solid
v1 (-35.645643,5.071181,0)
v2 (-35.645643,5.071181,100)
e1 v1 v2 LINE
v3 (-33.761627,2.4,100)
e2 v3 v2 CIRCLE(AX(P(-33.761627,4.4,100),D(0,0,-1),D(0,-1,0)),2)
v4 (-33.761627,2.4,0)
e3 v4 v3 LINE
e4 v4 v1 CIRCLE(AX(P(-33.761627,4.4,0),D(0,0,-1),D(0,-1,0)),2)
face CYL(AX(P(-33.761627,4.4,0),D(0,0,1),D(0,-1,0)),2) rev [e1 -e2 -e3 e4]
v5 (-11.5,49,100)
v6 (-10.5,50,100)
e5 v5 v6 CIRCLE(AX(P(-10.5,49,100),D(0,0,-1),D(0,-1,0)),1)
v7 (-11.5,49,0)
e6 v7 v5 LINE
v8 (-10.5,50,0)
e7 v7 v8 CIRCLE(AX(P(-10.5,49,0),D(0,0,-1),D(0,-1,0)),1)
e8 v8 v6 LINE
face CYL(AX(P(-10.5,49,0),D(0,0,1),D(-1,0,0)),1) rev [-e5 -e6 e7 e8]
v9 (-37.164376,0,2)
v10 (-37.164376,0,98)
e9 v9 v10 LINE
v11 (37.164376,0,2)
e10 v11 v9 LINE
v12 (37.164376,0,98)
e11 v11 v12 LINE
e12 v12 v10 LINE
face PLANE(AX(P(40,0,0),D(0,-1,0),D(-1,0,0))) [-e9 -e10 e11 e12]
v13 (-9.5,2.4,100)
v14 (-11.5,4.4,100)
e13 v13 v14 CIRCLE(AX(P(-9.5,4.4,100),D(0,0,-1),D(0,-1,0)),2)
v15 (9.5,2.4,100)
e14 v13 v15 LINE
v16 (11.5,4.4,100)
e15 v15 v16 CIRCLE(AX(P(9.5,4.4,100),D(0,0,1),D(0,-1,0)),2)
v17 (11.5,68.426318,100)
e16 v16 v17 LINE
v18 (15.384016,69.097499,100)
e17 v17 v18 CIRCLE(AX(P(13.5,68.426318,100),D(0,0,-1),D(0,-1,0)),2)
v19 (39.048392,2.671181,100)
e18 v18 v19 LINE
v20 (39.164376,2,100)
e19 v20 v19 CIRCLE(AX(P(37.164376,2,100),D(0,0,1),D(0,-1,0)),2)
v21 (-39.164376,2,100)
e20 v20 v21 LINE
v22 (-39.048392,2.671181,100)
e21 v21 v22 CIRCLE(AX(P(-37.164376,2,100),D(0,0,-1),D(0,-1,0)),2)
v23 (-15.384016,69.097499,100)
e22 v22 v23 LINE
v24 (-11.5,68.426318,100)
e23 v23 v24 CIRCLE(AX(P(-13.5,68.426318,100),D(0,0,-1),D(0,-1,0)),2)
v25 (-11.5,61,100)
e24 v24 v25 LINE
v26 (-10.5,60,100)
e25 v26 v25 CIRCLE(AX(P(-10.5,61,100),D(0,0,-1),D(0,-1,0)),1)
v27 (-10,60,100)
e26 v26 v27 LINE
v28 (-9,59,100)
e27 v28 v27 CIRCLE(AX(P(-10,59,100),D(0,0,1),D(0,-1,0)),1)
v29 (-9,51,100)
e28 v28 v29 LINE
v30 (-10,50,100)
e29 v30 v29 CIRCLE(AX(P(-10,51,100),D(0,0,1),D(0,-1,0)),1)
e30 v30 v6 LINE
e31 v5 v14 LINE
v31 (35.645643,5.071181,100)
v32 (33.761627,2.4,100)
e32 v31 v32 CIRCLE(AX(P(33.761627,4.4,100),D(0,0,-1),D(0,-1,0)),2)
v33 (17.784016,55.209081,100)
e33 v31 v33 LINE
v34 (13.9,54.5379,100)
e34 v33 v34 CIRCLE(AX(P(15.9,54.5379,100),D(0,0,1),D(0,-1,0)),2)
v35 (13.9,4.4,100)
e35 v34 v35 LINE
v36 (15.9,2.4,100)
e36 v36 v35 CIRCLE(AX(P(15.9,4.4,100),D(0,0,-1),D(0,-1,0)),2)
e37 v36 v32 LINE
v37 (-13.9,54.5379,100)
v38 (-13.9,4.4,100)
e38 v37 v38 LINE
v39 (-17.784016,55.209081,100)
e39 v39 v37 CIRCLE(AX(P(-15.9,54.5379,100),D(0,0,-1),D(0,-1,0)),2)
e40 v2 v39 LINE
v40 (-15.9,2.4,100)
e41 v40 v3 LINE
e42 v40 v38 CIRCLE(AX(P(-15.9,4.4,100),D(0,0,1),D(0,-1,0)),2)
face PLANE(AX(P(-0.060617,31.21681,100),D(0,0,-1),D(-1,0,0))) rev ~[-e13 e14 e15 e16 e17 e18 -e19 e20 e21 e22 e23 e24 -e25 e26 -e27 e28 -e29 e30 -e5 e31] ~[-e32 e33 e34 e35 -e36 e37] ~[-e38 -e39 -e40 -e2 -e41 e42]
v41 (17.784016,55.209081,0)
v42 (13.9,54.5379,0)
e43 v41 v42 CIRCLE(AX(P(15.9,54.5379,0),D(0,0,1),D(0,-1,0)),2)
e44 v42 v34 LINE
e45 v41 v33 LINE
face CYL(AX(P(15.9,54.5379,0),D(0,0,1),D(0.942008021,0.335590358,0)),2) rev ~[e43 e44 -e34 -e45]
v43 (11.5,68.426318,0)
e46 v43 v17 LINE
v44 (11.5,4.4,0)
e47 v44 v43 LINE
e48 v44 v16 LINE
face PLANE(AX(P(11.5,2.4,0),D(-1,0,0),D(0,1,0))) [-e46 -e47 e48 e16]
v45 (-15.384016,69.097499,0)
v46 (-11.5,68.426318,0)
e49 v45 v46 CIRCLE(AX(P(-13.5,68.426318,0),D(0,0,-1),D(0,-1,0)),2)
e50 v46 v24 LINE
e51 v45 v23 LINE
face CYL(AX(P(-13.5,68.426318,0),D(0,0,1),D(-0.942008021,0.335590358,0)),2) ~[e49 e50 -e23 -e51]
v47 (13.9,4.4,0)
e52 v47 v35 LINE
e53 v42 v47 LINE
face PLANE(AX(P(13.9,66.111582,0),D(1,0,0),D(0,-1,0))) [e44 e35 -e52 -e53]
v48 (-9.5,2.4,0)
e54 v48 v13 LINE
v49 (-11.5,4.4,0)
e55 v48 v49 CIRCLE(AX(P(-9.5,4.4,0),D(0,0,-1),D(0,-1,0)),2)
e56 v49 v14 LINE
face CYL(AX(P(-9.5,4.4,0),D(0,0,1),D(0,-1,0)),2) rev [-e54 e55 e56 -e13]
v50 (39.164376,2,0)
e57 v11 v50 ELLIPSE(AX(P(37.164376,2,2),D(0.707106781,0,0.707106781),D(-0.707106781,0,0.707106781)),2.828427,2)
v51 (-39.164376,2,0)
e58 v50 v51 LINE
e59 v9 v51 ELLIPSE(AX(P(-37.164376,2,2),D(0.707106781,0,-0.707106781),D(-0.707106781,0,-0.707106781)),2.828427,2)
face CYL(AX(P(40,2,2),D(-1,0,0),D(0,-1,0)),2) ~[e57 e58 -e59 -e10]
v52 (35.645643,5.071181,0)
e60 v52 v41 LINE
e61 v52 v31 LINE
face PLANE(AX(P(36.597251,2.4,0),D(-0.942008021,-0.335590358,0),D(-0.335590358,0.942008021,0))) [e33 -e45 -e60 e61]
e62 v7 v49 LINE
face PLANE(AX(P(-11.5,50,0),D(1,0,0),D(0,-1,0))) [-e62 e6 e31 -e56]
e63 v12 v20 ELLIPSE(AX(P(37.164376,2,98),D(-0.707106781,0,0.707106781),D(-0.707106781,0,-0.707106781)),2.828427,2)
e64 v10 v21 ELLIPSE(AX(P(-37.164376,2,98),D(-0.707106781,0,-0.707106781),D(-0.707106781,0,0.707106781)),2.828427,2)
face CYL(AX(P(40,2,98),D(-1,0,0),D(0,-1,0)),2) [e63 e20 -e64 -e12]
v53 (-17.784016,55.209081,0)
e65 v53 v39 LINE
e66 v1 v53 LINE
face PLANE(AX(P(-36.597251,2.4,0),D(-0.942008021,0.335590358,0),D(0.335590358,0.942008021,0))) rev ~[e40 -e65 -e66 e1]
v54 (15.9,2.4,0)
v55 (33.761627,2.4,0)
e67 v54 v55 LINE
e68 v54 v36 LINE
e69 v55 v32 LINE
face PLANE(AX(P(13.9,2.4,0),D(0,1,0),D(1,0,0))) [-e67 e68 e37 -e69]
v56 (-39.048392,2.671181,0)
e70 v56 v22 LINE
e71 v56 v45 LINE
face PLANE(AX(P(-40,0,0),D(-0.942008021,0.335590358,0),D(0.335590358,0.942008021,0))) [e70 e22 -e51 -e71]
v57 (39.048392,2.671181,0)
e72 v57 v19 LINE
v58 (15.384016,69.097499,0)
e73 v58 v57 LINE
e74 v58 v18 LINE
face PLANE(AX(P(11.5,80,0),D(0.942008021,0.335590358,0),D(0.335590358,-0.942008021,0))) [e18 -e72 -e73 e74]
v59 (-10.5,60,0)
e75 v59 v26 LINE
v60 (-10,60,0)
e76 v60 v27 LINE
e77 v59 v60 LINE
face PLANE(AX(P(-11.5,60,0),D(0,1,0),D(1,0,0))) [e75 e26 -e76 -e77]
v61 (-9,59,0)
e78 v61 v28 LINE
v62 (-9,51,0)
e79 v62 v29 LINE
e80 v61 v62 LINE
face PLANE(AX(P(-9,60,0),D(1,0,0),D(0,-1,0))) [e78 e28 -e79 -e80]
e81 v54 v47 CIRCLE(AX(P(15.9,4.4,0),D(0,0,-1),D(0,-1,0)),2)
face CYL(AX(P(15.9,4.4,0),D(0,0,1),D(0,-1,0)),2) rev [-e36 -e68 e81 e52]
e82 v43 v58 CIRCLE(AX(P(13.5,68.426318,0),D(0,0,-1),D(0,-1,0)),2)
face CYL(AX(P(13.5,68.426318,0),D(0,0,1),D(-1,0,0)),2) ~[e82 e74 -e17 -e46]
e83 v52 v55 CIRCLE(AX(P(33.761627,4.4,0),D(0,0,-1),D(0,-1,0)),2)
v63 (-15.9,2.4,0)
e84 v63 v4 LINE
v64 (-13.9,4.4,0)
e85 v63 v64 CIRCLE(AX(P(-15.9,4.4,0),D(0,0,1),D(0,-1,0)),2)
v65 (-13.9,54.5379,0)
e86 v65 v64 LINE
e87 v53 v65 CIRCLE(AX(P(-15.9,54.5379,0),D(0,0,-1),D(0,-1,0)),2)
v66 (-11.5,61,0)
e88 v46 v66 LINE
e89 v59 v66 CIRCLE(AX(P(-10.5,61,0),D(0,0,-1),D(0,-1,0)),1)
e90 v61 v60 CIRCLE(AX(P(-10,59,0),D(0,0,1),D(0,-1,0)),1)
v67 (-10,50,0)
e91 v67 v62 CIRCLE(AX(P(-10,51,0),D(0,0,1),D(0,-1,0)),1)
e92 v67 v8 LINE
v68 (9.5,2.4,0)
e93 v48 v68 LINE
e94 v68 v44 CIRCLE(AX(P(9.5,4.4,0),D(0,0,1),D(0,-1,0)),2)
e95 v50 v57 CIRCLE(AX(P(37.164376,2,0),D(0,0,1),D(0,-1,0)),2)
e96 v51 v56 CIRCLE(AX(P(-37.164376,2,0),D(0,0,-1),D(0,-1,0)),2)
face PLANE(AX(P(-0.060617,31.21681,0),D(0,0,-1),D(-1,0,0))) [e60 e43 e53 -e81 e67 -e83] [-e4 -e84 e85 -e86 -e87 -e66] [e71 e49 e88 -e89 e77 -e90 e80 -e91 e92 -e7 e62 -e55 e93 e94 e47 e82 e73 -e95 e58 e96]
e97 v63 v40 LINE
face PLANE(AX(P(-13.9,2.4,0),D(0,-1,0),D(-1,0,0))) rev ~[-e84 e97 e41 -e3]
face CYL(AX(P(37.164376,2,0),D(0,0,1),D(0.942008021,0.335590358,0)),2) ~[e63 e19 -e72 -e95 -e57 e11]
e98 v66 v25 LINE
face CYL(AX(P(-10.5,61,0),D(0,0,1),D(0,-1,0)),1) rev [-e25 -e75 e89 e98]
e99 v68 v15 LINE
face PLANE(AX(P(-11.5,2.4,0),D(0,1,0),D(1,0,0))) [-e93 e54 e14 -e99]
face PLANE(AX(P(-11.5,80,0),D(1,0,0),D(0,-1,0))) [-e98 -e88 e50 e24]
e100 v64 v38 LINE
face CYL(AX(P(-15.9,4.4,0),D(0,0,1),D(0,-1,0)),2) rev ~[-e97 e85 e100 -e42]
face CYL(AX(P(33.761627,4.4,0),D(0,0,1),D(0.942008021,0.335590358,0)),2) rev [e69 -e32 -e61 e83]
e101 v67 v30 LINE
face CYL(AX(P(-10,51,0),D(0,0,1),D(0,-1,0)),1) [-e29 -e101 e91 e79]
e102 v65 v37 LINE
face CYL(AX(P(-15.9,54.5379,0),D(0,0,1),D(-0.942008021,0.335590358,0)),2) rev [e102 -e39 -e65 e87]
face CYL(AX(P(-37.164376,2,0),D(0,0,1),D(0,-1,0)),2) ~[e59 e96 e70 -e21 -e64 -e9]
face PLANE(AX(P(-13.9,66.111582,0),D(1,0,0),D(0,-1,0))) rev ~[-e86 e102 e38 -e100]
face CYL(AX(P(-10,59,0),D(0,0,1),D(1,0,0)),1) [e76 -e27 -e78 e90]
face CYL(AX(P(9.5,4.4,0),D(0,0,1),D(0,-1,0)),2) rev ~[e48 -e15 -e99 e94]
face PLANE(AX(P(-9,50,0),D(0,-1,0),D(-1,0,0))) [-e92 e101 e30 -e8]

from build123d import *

# Parameters (mm, degrees)
BOSS_EXTRU_1_DEPTH = 100
CONG_1_R           = 2
CONG_2_R           = 1


with BuildPart() as part:
    # Esquisse1 → Boss.-Extru.1 (new body)
    with BuildSketch(Plane.XY):
        Polygon((-11.5, 2.4), (11.5, 2.4), (11.5, 80), (40, 0), (-40, 0), (-11.5, 80), (-11.5, 60), (-9, 60), (-9, 50), (-11.5, 50), align=None)
        Polygon((13.9, 66.111581736), (13.9, 2.4), (36.597250994, 2.4), align=None, mode=Mode.SUBTRACT)
        Polygon((-13.9, 2.4), (-36.597250994, 2.4), (-13.9, 66.111581736), align=None, mode=Mode.SUBTRACT)
    extrude(amount=BOSS_EXTRU_1_DEPTH)

    # Congé1
    cong_1_edges = [part.edges().sort_by_distance(p)[0] for p in [
        (0, 0, 0),
        (11.5, 80, 50),
        (40, 0, 50),
        (-40, 0, 50),
        (-11.5, 80, 50),
        (-11.5, 2.4, 50),
        (11.5, 2.4, 50),
        (36.597250994, 2.4, 50),
        (13.9, 66.111581736, 50),
        (13.9, 2.4, 50),
        (0, 0, 100),
        (-13.9, 2.4, 50),
        (-13.9, 66.111581736, 50),
        (-36.597250994, 2.4, 50),
    ]]
    fillet(cong_1_edges, radius=CONG_1_R)

    # Congé2
    cong_2_edges = [part.edges().sort_by_distance(p)[0] for p in [
        (-11.5, 60, 50),
        (-9, 60, 50),
        (-9, 50, 50),
        (-11.5, 50, 50),
    ]]
    fillet(cong_2_edges, radius=CONG_2_R)


solid = part.part
